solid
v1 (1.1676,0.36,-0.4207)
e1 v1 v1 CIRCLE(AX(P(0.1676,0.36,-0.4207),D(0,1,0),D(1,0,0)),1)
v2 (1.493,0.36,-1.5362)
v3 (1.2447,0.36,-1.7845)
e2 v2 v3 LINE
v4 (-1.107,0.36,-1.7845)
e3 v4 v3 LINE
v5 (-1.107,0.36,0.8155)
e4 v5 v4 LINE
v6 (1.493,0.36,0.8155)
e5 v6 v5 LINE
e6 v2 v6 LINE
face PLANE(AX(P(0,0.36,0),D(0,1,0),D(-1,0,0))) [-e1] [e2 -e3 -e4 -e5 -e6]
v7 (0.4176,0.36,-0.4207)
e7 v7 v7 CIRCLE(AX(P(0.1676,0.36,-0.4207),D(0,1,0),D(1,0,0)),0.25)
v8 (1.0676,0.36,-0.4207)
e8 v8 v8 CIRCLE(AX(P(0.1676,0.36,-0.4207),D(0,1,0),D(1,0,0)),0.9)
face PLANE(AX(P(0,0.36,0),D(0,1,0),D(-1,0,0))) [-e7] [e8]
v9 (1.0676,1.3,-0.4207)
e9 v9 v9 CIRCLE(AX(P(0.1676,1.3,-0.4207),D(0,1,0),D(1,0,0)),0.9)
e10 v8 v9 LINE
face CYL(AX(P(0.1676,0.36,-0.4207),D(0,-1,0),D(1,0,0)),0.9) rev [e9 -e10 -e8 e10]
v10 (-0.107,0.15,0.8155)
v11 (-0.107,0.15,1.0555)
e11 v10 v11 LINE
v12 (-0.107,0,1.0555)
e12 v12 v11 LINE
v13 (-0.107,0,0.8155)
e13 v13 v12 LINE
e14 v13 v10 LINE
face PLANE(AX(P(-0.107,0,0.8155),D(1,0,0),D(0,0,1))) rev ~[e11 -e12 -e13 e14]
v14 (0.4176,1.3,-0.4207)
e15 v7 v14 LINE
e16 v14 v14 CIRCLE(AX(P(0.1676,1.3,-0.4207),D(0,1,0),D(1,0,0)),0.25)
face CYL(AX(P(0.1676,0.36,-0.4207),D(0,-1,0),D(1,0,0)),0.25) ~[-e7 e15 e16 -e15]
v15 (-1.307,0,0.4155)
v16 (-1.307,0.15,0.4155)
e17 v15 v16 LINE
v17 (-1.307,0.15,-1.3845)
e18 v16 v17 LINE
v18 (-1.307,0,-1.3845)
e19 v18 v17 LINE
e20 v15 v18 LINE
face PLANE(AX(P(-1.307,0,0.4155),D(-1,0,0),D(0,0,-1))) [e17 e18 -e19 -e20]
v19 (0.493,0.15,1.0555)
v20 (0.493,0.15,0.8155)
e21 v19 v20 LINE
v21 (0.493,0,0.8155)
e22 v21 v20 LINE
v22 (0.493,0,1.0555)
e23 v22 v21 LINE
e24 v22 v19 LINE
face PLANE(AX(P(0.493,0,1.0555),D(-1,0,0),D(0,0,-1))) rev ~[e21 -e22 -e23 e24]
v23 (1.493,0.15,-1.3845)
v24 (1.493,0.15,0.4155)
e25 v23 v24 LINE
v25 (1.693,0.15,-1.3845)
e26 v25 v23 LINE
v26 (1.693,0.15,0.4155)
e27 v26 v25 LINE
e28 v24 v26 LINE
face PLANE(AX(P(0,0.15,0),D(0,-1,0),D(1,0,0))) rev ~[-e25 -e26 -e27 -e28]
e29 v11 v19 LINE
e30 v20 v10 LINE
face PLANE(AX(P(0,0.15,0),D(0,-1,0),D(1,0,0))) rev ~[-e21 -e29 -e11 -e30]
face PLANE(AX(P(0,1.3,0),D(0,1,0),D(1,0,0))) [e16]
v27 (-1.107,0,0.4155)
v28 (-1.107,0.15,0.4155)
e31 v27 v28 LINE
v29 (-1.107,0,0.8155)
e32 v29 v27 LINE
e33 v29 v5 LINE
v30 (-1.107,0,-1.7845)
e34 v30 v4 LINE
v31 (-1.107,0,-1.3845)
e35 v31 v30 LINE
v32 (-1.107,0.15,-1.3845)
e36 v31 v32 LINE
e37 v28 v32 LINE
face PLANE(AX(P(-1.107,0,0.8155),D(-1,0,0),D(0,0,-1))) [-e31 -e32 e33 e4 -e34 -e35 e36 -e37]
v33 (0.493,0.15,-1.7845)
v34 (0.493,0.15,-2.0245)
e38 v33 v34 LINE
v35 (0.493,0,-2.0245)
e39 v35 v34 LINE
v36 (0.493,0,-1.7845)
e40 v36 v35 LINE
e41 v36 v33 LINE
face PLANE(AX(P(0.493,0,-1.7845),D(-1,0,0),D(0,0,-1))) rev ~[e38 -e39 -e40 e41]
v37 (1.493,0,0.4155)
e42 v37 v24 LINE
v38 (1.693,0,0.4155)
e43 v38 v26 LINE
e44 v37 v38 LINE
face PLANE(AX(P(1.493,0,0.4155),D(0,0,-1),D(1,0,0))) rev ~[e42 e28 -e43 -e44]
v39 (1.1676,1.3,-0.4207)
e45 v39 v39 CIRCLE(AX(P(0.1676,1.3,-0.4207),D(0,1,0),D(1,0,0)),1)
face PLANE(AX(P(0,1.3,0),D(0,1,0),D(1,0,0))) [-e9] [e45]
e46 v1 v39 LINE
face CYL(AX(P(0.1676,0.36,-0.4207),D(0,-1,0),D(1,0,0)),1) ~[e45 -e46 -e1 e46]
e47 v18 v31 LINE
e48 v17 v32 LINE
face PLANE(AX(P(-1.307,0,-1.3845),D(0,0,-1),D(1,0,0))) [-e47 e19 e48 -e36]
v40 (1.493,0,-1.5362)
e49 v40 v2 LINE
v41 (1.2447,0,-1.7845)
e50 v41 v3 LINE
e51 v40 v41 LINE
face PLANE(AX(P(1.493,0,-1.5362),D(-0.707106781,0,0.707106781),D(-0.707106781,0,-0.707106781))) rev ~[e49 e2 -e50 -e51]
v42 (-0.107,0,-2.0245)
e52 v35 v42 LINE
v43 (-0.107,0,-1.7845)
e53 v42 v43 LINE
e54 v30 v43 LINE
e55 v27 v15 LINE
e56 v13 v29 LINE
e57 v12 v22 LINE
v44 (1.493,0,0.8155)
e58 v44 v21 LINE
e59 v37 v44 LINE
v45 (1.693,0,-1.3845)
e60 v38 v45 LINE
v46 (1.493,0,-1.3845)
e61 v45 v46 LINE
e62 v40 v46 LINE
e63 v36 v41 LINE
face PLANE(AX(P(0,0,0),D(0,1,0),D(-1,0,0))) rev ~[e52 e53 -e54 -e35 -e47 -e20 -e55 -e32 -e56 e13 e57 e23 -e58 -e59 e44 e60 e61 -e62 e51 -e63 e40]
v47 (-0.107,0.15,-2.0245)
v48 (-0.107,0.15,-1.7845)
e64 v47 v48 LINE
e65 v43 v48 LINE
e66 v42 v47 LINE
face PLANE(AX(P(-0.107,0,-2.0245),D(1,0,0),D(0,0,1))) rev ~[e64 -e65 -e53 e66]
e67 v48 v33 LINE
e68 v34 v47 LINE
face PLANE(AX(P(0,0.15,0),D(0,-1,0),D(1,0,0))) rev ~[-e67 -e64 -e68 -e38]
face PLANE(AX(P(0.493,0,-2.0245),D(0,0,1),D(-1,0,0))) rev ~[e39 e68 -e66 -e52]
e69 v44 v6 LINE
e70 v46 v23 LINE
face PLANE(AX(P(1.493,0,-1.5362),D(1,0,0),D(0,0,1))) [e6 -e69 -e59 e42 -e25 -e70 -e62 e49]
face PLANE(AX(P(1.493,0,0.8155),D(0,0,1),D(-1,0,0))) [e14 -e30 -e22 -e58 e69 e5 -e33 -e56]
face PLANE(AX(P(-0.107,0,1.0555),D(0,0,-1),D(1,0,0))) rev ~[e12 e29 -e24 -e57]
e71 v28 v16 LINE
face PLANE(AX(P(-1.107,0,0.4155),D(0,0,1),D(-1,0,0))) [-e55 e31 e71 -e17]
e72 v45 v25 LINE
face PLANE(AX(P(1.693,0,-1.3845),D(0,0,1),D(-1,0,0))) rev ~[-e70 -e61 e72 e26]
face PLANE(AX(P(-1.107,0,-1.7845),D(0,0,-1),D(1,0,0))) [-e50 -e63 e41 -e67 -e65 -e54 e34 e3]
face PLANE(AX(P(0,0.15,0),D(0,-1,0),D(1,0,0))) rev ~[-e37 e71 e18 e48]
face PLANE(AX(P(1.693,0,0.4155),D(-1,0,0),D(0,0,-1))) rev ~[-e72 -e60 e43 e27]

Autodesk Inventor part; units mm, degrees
ref_plane "YZ Plane" through (0, 0, 0) normal (1, 0, 0) x (0, 1, 0)
ref_plane "XZ Plane" through (0, 0, 0) normal (0, 1, 0) x (-1, 0, 0)
ref_plane "XY Plane" through (0, 0, 0) normal (0, 0, 1) x (1, 0, 0)
sketch "Sketch1" plane through (0, 0, 0) normal (0, 1, 0) x (-1, 0, 0)
  line L0 (-1.493, 0.8155) -> (1.107, 0.8155)
  line L1 (1.107, 0.8155) -> (1.107, -1.7845)
  line L2 (1.107, -1.7845) -> (-1.2447, -1.7845)
  line L3 (-1.493, -1.5362) -> (-1.493, 0.8155)
  line L4 (-1.493, -1.5362) -> (-1.2447, -1.7845)
  point P0 (0, 0)
  dimension "d0" = 2.6
  dimension "d1" = 2.6
extrude "Extrusion1" add sketch "Sketch1" along normal blind 0.36
sketch "Sketch2" plane through (0, 0.36, 0) normal (0, 1, 0) x (1, 0, 0)
  circle A0 centre (0.1676, 0.4207) radius 1
  circle A1 centre (0.1676, 0.4207) radius 0.25
  circle A2 centre (0.1676, 0.4207) radius 0.9
  point P0 (0, 0)
  dimension "d4" = 2
  dimension "d5" = 0.5
  dimension "d6" = 1.8
extrude "Extrusion2" add sketch "Sketch2" along normal blind 0.94
sketch "Sketch3" plane through (0, 0, 0) normal (0, -1, 0) x (1, 0, 0)
  line L0 (1.493, 0.8155) -> (-1.107, 0.8155) projected
  line L1 (-1.107, 0.8155) -> (-1.107, -1.7845) projected
  line L2 (-1.107, -1.7845) -> (1.2447, -1.7845) projected
  line L3 (1.493, -1.5362) -> (1.493, 0.8155) projected
  line L4 (0.493, -2.0245) -> (-0.107, -2.0245)
  line L5 (-0.107, -2.0245) -> (-0.107, -1.7845)
  line L6 (0.493, -1.7845) -> (0.493, -2.0245)
  line L7 (-0.107, 1.0555) -> (0.493, 1.0555)
  line L8 (0.493, 1.0555) -> (0.493, 0.8155)
  line L9 (-0.107, 0.8155) -> (-0.107, 1.0555)
  line L10 (1.693, -1.3845) -> (1.493, -1.3845)
  line L11 (1.493, 0.4155) -> (1.693, 0.4155)
  line L12 (1.693, 0.4155) -> (1.693, -1.3845)
  line L13 (-1.307, -1.3845) -> (-1.107, -1.3845)
  line L14 (-1.107, 0.4155) -> (-1.307, 0.4155)
  line L15 (-1.307, 0.4155) -> (-1.307, -1.3845)
  line L16 (1.493, 0.4155) -> (1.493, -1.3845)
  line L17 (-1.107, 0.4155) -> (-1.107, -1.3845)
  line L18 (0.493, 0.8155) -> (-0.107, 0.8155)
  line L19 (0.493, -1.7845) -> (-0.107, -1.7845)
  point P0 (0, 0)
  dimension "d9" = 1.8
  dimension "d10" = 1.8
  dimension "d11" = 0.6
  dimension "d12" = 0.6
  dimension "d13" = 3.08
  dimension "d14" = 3
  dimension "d15" = 0.2
  dimension "d17" = 0.4
  dimension "d18" = 0.4
  dimension "d19" = 0.24
  dimension "d20" = 1
  dimension "d21" = 1
extrude "Extrusion3" add sketch "Sketch3" against normal blind 0.15
properties part number "UMCC"
